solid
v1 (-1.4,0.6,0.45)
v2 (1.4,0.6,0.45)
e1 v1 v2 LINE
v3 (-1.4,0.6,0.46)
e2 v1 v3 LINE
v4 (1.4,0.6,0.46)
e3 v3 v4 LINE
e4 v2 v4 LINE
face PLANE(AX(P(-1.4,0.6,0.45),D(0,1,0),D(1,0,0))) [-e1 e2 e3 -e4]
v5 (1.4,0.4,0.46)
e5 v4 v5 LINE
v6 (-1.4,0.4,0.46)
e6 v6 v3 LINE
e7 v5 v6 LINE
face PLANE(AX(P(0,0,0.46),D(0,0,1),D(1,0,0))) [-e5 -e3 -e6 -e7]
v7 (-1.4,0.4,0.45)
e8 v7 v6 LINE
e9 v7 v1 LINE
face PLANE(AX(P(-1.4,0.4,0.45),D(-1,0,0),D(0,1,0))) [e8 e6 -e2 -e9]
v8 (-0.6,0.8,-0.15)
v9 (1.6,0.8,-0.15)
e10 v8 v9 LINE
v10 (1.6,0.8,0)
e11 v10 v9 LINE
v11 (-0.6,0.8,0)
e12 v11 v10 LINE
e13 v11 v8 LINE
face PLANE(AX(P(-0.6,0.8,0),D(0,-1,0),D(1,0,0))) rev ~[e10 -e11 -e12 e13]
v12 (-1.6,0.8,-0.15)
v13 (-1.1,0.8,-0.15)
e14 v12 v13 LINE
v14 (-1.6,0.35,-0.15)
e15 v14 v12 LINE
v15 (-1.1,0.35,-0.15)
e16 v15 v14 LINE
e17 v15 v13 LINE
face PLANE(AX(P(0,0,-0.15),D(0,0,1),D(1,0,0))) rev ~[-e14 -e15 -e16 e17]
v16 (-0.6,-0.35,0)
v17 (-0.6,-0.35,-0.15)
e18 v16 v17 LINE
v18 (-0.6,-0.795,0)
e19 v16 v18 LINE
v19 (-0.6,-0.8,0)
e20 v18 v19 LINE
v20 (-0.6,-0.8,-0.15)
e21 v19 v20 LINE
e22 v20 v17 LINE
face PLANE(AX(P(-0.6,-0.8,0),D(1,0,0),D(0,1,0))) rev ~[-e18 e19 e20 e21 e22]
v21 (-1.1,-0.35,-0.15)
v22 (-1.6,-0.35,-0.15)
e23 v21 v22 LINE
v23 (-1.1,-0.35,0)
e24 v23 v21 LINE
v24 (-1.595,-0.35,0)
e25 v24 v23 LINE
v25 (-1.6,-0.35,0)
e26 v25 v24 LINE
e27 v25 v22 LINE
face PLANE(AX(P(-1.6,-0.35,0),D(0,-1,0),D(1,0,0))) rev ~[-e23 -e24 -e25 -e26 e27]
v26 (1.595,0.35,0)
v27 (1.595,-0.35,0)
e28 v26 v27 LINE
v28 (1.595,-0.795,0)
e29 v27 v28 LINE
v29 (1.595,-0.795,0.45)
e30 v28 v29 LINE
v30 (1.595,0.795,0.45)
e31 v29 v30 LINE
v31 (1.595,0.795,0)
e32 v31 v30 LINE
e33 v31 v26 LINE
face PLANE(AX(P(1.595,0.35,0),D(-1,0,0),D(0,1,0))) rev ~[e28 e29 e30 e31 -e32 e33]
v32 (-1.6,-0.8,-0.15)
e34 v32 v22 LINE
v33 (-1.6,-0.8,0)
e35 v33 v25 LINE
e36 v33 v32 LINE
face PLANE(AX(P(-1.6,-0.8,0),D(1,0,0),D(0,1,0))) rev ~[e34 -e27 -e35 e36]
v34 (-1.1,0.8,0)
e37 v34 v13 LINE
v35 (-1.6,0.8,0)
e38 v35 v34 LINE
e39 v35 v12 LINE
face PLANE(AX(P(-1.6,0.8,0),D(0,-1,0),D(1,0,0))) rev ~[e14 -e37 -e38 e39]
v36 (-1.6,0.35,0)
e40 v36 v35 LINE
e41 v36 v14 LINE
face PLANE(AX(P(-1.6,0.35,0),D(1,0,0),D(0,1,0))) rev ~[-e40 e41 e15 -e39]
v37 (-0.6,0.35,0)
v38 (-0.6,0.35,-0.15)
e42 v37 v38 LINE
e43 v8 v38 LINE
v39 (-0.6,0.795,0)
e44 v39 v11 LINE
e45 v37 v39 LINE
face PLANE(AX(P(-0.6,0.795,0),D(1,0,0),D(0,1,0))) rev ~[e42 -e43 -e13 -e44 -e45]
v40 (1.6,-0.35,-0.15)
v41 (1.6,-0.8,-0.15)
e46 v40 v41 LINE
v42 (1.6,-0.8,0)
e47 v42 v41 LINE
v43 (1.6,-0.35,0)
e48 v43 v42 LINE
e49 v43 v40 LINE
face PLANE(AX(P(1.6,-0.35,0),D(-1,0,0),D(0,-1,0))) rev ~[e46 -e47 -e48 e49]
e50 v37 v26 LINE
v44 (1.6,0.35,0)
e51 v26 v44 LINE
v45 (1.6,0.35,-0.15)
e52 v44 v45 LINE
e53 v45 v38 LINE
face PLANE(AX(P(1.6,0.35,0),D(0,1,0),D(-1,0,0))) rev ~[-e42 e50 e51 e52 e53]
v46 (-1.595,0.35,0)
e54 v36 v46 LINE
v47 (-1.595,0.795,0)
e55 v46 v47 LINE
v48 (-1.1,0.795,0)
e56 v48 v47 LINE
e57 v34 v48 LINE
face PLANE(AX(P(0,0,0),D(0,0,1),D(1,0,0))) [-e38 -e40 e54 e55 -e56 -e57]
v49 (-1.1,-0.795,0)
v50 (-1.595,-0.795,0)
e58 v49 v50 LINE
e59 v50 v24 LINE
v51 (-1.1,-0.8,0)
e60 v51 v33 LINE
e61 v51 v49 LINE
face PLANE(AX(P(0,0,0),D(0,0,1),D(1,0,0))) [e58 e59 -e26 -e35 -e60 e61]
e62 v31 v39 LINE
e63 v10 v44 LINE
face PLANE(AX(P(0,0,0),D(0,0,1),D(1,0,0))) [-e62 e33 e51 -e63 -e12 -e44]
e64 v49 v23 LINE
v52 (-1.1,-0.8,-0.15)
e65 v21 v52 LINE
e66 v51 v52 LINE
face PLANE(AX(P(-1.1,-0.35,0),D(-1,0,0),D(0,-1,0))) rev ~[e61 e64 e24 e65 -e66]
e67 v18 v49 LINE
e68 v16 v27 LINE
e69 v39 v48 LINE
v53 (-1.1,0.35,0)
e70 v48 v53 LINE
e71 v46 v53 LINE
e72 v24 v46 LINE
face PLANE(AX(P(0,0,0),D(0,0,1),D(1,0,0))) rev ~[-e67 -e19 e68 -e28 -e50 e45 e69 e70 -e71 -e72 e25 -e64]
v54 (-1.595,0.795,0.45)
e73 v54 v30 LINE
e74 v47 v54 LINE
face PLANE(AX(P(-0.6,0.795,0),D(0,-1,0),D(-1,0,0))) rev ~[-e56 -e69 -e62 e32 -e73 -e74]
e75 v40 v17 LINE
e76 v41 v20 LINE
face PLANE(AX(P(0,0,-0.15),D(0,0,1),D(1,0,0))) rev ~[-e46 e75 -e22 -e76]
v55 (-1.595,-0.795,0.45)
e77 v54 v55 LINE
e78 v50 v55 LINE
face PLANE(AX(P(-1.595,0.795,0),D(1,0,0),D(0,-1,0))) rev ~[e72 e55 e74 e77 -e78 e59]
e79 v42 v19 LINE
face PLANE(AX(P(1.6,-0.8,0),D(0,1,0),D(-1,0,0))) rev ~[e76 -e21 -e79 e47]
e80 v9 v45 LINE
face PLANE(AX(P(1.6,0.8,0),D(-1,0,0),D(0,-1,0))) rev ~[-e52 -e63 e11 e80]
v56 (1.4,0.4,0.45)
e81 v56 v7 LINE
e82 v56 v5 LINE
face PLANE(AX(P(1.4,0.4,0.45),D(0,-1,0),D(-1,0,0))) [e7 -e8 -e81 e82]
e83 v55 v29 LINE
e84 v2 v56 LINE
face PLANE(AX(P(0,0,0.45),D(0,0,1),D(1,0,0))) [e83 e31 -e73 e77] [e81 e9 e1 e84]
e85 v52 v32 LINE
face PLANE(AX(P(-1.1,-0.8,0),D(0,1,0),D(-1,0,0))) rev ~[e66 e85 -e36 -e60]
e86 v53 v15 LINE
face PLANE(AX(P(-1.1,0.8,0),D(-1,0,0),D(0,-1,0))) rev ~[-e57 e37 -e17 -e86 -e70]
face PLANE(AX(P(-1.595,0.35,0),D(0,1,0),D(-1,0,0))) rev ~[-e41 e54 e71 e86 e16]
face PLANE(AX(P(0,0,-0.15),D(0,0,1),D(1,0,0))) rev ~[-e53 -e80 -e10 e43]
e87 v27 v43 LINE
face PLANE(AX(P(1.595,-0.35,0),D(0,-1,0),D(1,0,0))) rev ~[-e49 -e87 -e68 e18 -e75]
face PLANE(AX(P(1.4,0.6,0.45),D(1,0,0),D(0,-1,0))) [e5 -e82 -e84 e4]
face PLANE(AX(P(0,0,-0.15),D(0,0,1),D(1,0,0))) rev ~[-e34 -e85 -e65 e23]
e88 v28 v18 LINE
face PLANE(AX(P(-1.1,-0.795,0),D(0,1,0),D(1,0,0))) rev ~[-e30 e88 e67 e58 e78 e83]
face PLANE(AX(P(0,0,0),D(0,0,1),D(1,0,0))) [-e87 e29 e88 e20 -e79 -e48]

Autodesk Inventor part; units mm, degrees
ref_plane "YZ Plane" through (0, 0, 0) normal (1, 0, 0) x (0, 1, 0)
ref_plane "XZ Plane" through (0, 0, 0) normal (0, 1, 0) x (-1, 0, 0)
ref_plane "XY Plane" through (0, 0, 0) normal (0, 0, 1) x (1, 0, 0)
sketch "Sketch1" plane through (0, 0, 0) normal (0, 0, 1) x (1, 0, 0)
  line L0 (-1.6, 0.8) -> (-1.1, 0.8)
  line L1 (-1.1, 0.8) -> (-1.1, 0.35)
  line L2 (-1.1, 0.35) -> (-1.6, 0.35)
  line L3 (-1.6, 0.35) -> (-1.6, 0.8)
  line L4 (-1.6, -0.35) -> (-1.1, -0.35)
  line L5 (-1.1, -0.35) -> (-1.1, -0.8)
  line L6 (-1.1, -0.8) -> (-1.6, -0.8)
  line L7 (-1.6, -0.8) -> (-1.6, -0.35)
  line L8 (-0.6, 0.8) -> (1.6, 0.8)
  line L9 (1.6, 0.8) -> (1.6, 0.35)
  line L10 (1.6, 0.35) -> (-0.6, 0.35)
  line L11 (-0.6, 0.35) -> (-0.6, 0.8)
  line L12 (-0.6, -0.35) -> (1.6, -0.35)
  line L13 (1.6, -0.35) -> (1.6, -0.8)
  line L14 (1.6, -0.8) -> (-0.6, -0.8)
  line L15 (-0.6, -0.8) -> (-0.6, -0.35)
  line L16 (-1.6, 0.8) -> (1.6, 0.8)
  line L17 (1.6, 0.8) -> (1.6, -0.8)
  line L18 (1.6, -0.8) -> (-1.6, -0.8)
  line L19 (-1.6, -0.8) -> (-1.6, 0.8)
  line L20 (1.595, 0.795) -> (-1.595, 0.795)
  line L21 (-1.595, 0.795) -> (-1.595, -0.795)
  line L22 (-1.595, -0.795) -> (1.595, -0.795)
  line L23 (1.595, -0.795) -> (1.595, 0.795)
  point P0 (0, 0)
  point P1 (0, 0.8)
  point P2 (-1.6, 0)
  dimension "d0" = 2.2
  dimension "d1" = 0.45
  dimension "d2" = 0.7
  dimension "d3" = 0.5
  dimension "d4" = 0.5
  dimension "d7" = 0.005
extrude "Extrusion1" add sketch "Sketch1" against normal blind 0.15 contours L0 L1 L20 L21 L2 L3 | L1 L2 L21 L20 | L8 L9 L10 L23 L20 L11 | L4 L21 L22 L5 L6 L7 | L20 L23 L10 L11 | L4 L5 L22 L21 | L13 L14 L15 L22 L23 L12 | L23 L22 L15 L12
extrude "Extrusion2" add sketch "Sketch1" along normal blind 0.45 contours L20 L11 L10 L23 L12 L15 L22 L5 L4 L21 L2 L1 | L1 L2 L21 L20 | L20 L23 L10 L11 | L4 L5 L22 L21 | L23 L22 L15 L12
sketch "Sketch2" plane through (0, 0, 0.45) normal (0, 0, 1) x (1, 0, 0)
  line L0 (1.595, 0.795) -> (-1.595, 0.795) projected
  line L1 (-1.595, 0.795) -> (-1.595, -0.795) projected
  line L2 (-1.595, -0.795) -> (1.595, -0.795) projected
  line L3 (1.595, -0.795) -> (1.595, 0.795) projected
  line L4 (-1.4, 0.6) -> (1.4, 0.6)
  line L5 (1.4, 0.6) -> (1.4, 0.4)
  line L6 (1.4, 0.4) -> (-1.4, 0.4)
  line L7 (-1.4, 0.4) -> (-1.4, 0.6)
  point P0 (0, 0)
  point P1 (0, 0.4)
  dimension "d10" = 2.8
  dimension "d11" = 0.2
  dimension "d12" = 0.4
extrude "Extrusion3" add sketch "Sketch2" along normal blind 0.01 contours L4 L5 L6 L7
properties part number "23-5m00" material "Copper"
